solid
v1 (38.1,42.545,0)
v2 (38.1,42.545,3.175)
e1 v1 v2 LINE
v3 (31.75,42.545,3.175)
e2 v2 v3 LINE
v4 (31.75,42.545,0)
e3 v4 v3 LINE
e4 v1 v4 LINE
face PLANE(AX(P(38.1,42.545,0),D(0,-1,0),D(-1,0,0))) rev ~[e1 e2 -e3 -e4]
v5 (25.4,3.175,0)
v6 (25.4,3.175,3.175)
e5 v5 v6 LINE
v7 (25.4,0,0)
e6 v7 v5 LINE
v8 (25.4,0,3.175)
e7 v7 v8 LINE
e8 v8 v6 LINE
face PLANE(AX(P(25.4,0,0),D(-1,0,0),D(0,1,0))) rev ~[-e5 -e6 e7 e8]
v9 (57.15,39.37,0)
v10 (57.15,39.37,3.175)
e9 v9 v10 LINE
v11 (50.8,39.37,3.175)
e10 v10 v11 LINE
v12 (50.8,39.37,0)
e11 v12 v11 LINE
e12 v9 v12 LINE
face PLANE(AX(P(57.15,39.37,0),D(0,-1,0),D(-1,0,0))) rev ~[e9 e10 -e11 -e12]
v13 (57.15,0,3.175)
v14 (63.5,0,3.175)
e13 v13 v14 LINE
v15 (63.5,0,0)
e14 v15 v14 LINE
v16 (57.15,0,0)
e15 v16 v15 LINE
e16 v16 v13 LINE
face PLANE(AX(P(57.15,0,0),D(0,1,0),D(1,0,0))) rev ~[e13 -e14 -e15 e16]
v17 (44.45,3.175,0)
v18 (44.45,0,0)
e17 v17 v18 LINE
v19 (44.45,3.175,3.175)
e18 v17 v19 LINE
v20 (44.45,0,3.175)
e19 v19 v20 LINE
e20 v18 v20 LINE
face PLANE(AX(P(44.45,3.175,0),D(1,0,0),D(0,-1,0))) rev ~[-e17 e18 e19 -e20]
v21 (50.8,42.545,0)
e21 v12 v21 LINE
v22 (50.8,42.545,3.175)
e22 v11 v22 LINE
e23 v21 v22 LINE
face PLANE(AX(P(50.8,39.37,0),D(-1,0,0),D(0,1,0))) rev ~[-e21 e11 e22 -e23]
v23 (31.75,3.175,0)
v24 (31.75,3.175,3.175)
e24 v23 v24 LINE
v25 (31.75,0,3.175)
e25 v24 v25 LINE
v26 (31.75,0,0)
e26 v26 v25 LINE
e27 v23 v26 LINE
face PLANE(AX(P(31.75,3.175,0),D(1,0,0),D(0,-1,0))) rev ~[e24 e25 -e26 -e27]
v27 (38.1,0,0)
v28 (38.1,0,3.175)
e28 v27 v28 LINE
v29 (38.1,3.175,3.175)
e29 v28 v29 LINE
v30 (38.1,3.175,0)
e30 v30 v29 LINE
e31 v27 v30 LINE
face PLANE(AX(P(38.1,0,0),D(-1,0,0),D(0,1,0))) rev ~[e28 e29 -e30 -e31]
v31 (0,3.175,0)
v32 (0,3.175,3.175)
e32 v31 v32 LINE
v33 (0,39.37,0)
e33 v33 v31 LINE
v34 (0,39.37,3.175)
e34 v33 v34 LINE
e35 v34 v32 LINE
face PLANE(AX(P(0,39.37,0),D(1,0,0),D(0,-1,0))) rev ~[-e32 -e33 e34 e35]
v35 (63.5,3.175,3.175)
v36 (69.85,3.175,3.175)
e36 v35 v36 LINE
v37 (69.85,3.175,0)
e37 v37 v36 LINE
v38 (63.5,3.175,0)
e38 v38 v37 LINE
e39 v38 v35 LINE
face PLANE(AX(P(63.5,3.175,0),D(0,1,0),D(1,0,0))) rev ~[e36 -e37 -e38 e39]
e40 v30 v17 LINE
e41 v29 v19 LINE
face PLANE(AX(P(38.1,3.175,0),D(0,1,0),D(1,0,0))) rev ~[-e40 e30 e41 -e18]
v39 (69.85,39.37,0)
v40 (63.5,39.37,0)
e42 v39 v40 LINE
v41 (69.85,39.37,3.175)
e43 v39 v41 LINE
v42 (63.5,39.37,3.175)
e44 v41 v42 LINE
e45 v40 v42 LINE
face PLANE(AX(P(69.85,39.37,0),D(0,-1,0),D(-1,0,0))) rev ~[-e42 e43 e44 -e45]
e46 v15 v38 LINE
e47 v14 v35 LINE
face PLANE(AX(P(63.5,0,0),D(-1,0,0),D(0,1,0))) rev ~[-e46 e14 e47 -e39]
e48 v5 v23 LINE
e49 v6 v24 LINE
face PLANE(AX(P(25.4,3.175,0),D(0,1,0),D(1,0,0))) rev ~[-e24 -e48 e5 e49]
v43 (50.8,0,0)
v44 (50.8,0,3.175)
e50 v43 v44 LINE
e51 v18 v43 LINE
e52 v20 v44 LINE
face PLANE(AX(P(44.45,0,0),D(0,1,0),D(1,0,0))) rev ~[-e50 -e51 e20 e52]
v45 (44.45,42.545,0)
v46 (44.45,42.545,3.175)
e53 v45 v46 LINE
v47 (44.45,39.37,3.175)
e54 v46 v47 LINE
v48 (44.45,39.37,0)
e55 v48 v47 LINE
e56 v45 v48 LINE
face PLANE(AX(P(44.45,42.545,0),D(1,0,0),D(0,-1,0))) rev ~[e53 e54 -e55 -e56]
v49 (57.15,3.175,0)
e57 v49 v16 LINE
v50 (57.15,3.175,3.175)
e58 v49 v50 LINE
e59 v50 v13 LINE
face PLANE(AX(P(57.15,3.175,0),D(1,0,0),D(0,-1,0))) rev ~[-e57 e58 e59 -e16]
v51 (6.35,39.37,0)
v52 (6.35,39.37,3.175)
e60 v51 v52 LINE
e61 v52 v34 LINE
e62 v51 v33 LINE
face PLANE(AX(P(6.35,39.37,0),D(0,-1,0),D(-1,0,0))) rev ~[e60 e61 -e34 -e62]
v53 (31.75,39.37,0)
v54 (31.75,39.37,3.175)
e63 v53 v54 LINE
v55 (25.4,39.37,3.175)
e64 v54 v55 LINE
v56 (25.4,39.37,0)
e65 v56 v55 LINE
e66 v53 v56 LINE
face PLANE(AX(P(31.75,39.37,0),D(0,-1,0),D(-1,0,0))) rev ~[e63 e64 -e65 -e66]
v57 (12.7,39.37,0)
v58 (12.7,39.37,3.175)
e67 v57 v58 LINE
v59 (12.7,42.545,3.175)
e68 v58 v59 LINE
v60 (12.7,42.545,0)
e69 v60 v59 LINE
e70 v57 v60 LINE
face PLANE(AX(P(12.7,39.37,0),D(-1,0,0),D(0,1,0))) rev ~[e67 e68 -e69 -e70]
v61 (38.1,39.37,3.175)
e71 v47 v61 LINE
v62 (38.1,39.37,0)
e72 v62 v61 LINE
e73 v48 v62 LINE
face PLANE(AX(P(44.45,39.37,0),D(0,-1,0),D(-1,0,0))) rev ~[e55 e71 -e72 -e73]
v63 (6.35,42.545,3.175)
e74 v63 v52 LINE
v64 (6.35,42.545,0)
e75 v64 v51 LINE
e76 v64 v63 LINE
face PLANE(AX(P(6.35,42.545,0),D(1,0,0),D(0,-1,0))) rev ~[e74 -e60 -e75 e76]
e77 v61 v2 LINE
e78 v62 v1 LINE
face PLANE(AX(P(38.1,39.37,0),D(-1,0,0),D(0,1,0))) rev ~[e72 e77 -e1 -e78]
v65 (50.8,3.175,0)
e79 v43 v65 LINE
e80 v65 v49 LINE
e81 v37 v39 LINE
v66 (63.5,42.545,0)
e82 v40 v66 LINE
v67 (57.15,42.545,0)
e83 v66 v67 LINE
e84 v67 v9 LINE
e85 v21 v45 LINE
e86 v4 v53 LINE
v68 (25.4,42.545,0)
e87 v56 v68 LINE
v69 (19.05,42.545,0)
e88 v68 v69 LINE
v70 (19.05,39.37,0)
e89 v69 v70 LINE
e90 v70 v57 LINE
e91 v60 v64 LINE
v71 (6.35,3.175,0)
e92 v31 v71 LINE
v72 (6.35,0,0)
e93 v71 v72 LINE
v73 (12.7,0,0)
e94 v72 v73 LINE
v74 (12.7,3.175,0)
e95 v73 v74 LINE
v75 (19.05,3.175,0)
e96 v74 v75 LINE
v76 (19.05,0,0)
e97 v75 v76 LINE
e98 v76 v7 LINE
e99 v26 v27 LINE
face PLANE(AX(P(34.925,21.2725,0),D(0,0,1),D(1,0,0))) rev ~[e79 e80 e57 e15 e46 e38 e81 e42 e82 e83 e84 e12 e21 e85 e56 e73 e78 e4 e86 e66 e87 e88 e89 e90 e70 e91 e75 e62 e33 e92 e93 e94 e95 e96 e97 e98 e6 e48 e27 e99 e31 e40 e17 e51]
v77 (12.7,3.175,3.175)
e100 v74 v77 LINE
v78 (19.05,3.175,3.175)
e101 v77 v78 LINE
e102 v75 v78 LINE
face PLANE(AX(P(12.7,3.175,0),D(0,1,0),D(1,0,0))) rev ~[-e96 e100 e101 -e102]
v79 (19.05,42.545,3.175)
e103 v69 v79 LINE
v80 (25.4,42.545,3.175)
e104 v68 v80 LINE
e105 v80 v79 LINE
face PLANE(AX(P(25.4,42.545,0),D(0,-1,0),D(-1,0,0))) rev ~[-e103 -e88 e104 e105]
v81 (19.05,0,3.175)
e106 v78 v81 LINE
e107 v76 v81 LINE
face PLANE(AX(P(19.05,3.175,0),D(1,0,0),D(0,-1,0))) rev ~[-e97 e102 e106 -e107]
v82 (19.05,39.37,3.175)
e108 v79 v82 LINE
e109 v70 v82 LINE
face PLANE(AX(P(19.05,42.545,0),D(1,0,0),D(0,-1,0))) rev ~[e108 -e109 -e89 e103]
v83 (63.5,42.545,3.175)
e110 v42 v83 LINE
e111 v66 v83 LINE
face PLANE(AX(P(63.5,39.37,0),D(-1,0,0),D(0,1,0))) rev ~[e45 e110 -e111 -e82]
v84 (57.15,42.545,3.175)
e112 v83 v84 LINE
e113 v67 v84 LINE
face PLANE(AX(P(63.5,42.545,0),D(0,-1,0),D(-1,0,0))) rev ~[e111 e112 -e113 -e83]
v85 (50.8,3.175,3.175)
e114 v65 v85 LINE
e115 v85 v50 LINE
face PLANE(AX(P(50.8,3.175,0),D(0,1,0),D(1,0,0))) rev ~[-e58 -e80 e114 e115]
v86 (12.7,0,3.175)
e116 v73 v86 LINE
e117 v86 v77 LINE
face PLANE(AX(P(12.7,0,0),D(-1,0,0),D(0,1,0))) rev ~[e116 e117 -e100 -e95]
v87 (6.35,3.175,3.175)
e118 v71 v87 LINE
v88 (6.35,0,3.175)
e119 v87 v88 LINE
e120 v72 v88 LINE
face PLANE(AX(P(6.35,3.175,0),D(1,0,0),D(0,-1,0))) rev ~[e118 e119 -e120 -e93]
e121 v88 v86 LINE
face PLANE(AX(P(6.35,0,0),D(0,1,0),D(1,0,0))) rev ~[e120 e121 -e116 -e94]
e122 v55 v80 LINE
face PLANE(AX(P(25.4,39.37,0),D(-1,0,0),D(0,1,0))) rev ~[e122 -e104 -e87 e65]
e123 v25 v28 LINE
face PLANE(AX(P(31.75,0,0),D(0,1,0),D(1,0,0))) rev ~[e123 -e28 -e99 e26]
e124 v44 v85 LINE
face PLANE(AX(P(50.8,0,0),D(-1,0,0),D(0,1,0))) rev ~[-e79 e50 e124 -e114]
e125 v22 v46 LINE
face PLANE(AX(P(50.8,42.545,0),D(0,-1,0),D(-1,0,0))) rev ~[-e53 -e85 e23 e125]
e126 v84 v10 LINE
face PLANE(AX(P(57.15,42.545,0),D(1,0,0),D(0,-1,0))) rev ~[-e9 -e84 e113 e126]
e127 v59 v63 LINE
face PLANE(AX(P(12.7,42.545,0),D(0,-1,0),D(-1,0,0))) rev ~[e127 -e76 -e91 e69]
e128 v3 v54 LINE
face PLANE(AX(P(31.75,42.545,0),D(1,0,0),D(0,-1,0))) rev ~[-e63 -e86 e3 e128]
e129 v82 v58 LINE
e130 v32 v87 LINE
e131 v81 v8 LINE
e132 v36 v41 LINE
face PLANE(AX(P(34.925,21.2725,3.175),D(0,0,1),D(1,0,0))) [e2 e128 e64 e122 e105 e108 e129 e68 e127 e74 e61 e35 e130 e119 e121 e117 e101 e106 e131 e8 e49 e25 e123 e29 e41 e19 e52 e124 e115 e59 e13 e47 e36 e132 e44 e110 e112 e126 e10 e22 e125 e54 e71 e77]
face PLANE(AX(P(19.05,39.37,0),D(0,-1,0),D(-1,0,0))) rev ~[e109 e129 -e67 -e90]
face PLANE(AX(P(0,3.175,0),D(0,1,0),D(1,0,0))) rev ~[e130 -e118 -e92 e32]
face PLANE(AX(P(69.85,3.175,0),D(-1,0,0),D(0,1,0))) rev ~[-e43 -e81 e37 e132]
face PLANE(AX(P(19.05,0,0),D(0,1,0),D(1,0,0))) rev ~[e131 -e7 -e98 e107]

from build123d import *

# Parameters (mm, degrees)
BOSS_EXTRUDE1_DEPTH = 3.175


with BuildPart() as part:
    # Sketch1 → Boss-Extrude1 (new body)
    with BuildSketch(Plane.XY):
        Polygon((0, 3.175), (6.35, 3.175), (6.35, 0), (12.7, 0), (12.7, 3.175), (19.05, 3.175), (19.05, 0), (25.4, 0), (25.4, 3.175), (31.75, 3.175), (31.75, 0), (38.1, 0), (38.1, 3.175), (44.45, 3.175), (44.45, 0), (50.8, 0), (50.8, 3.175), (57.15, 3.175), (57.15, 0), (63.5, 0), (63.5, 3.175), (69.85, 3.175), (69.85, 39.37), (63.5, 39.37), (63.5, 42.545), (57.15, 42.545), (57.15, 39.37), (50.8, 39.37), (50.8, 42.545), (44.45, 42.545), (44.45, 39.37), (38.1, 39.37), (38.1, 42.545), (31.75, 42.545), (31.75, 39.37), (25.4, 39.37), (25.4, 42.545), (19.05, 42.545), (19.05, 39.37), (12.7, 39.37), (12.7, 42.545), (6.35, 42.545), (6.35, 39.37), (0, 39.37), align=None)
    extrude(amount=BOSS_EXTRUDE1_DEPTH)


solid = part.part
